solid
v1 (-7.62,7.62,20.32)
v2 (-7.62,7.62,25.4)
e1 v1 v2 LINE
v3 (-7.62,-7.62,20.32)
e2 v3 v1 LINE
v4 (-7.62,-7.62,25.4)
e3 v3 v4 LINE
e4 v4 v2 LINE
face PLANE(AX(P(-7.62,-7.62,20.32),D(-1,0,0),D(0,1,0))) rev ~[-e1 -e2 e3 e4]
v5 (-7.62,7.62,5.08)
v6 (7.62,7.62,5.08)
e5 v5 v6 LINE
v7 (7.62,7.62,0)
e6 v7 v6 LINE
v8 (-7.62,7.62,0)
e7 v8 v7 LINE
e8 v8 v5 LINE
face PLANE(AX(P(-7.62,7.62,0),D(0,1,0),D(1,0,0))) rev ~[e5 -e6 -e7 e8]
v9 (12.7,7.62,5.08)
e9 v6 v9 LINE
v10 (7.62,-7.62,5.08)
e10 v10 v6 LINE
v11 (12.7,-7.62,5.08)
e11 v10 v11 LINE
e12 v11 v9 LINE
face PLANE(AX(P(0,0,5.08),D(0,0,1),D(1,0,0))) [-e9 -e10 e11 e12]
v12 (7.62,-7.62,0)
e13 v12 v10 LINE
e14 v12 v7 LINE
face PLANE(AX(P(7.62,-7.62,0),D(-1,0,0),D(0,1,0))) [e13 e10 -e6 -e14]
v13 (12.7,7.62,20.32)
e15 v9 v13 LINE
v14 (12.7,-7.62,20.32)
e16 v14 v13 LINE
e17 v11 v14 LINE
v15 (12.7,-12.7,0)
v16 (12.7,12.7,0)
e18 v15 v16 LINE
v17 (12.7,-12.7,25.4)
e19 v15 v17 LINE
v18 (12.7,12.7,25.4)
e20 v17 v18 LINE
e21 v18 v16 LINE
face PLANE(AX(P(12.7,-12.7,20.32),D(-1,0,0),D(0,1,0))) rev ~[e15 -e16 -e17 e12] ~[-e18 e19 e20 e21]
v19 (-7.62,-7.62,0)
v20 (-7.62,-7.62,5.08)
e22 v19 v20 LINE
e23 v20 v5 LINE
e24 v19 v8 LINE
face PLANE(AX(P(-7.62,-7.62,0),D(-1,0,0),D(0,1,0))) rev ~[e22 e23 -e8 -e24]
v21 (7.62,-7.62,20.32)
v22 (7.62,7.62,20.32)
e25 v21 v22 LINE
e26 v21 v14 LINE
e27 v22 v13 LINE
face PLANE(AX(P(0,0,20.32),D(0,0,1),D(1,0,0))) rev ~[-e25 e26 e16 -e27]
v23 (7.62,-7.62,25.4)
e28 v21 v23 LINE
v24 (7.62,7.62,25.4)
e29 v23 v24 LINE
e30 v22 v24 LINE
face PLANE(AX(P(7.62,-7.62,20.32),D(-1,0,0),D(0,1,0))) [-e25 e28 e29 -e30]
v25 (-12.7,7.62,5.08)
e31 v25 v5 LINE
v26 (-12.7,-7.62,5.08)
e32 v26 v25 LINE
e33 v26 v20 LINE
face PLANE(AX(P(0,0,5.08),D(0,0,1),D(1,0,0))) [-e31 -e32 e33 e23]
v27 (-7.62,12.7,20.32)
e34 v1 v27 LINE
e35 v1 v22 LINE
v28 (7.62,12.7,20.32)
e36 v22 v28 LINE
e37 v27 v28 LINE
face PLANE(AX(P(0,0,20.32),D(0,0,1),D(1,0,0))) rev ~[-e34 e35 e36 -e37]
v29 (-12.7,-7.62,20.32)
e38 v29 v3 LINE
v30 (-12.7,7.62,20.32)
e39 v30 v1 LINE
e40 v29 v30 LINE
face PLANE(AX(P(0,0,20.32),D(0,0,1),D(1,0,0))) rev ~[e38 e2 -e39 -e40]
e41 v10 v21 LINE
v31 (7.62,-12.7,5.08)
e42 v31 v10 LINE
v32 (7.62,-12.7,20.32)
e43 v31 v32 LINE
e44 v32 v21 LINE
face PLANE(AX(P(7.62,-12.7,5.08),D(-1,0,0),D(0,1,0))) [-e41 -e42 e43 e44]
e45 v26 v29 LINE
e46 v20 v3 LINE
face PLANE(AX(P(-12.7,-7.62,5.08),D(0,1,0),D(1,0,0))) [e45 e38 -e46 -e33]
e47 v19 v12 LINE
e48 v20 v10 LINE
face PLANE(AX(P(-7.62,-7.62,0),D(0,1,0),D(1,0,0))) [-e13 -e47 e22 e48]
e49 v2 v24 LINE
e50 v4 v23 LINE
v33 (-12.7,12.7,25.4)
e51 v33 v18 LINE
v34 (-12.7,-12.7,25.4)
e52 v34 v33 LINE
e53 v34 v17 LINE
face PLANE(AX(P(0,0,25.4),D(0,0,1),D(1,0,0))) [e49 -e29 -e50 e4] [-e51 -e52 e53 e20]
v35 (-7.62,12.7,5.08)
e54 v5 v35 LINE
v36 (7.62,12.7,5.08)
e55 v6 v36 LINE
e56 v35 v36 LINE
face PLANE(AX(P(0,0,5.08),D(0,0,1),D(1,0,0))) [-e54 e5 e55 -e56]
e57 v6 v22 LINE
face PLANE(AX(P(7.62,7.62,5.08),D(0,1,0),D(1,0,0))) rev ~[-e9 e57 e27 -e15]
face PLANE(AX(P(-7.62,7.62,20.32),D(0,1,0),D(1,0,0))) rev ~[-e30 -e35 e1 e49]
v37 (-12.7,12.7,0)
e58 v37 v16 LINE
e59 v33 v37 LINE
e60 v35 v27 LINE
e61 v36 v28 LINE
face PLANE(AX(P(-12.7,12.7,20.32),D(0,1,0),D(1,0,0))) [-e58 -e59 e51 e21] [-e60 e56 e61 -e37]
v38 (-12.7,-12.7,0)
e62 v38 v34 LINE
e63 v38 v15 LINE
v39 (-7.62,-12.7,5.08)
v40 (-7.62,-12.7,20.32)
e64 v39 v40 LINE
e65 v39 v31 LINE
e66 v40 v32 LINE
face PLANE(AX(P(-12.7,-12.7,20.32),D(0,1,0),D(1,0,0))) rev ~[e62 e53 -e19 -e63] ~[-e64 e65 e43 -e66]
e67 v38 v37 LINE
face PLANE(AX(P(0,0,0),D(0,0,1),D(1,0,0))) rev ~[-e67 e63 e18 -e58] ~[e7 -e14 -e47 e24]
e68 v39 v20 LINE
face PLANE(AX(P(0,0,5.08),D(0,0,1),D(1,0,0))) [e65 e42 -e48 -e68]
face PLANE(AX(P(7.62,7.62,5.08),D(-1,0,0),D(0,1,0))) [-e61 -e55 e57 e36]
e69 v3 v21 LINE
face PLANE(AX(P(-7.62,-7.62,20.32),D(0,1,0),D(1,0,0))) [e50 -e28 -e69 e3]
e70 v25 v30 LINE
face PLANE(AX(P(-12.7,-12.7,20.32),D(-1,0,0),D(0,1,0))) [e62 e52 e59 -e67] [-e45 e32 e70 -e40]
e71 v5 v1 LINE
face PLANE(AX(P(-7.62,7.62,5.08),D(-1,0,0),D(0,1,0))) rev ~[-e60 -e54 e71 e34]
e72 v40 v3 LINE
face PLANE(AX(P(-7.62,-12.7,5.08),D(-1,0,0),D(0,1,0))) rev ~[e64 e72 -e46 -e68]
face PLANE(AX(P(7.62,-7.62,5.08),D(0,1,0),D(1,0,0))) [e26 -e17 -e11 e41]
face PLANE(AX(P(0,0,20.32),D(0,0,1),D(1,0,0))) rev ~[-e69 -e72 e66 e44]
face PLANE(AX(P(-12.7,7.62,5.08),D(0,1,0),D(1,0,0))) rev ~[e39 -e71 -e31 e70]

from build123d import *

# Parameters (mm, degrees)
F0_W     = 25.4
F0_H     = 25.4
F0_W_2   = 15.24
F0_H_2   = 15.24
F1_DEPTH = 5.08
F2_W     = 5.08
F2_H     = 5.08
F3_DEPTH = 15.24
F4_W     = 25.4
F4_H     = 25.4
F4_W_2   = 15.24
F4_H_2   = 15.24
F5_DEPTH = 5.08


with BuildPart() as f1:
    # F0 (on Top) → F1 (new body)
    with BuildSketch(Plane.XY):
        Rectangle(F0_W, F0_H)
        Rectangle(F0_W_2, F0_H_2, mode=Mode.SUBTRACT)
    extrude(amount=F1_DEPTH)

    # F2 (on face) → F3 (join)
    with BuildSketch(Plane.XY.offset(5.08)):
        with Locations((-10.16, 10.16)):
            Rectangle(F2_W, F2_H)
        with Locations((10.16, 10.16)):
            Rectangle(F2_W, F2_H)
        with Locations((10.16, -10.16)):
            Rectangle(F2_W, F2_H)
        with Locations((-10.16, -10.16)):
            Rectangle(F2_W, F2_H)
    extrude(amount=F3_DEPTH)

    # F4 (on face) → F5 (join)
    with BuildSketch(Plane.XY.offset(20.32)):
        Rectangle(F4_W, F4_H)
        Rectangle(F4_W_2, F4_H_2, mode=Mode.SUBTRACT)
    extrude(amount=F5_DEPTH)


solid = f1.part
